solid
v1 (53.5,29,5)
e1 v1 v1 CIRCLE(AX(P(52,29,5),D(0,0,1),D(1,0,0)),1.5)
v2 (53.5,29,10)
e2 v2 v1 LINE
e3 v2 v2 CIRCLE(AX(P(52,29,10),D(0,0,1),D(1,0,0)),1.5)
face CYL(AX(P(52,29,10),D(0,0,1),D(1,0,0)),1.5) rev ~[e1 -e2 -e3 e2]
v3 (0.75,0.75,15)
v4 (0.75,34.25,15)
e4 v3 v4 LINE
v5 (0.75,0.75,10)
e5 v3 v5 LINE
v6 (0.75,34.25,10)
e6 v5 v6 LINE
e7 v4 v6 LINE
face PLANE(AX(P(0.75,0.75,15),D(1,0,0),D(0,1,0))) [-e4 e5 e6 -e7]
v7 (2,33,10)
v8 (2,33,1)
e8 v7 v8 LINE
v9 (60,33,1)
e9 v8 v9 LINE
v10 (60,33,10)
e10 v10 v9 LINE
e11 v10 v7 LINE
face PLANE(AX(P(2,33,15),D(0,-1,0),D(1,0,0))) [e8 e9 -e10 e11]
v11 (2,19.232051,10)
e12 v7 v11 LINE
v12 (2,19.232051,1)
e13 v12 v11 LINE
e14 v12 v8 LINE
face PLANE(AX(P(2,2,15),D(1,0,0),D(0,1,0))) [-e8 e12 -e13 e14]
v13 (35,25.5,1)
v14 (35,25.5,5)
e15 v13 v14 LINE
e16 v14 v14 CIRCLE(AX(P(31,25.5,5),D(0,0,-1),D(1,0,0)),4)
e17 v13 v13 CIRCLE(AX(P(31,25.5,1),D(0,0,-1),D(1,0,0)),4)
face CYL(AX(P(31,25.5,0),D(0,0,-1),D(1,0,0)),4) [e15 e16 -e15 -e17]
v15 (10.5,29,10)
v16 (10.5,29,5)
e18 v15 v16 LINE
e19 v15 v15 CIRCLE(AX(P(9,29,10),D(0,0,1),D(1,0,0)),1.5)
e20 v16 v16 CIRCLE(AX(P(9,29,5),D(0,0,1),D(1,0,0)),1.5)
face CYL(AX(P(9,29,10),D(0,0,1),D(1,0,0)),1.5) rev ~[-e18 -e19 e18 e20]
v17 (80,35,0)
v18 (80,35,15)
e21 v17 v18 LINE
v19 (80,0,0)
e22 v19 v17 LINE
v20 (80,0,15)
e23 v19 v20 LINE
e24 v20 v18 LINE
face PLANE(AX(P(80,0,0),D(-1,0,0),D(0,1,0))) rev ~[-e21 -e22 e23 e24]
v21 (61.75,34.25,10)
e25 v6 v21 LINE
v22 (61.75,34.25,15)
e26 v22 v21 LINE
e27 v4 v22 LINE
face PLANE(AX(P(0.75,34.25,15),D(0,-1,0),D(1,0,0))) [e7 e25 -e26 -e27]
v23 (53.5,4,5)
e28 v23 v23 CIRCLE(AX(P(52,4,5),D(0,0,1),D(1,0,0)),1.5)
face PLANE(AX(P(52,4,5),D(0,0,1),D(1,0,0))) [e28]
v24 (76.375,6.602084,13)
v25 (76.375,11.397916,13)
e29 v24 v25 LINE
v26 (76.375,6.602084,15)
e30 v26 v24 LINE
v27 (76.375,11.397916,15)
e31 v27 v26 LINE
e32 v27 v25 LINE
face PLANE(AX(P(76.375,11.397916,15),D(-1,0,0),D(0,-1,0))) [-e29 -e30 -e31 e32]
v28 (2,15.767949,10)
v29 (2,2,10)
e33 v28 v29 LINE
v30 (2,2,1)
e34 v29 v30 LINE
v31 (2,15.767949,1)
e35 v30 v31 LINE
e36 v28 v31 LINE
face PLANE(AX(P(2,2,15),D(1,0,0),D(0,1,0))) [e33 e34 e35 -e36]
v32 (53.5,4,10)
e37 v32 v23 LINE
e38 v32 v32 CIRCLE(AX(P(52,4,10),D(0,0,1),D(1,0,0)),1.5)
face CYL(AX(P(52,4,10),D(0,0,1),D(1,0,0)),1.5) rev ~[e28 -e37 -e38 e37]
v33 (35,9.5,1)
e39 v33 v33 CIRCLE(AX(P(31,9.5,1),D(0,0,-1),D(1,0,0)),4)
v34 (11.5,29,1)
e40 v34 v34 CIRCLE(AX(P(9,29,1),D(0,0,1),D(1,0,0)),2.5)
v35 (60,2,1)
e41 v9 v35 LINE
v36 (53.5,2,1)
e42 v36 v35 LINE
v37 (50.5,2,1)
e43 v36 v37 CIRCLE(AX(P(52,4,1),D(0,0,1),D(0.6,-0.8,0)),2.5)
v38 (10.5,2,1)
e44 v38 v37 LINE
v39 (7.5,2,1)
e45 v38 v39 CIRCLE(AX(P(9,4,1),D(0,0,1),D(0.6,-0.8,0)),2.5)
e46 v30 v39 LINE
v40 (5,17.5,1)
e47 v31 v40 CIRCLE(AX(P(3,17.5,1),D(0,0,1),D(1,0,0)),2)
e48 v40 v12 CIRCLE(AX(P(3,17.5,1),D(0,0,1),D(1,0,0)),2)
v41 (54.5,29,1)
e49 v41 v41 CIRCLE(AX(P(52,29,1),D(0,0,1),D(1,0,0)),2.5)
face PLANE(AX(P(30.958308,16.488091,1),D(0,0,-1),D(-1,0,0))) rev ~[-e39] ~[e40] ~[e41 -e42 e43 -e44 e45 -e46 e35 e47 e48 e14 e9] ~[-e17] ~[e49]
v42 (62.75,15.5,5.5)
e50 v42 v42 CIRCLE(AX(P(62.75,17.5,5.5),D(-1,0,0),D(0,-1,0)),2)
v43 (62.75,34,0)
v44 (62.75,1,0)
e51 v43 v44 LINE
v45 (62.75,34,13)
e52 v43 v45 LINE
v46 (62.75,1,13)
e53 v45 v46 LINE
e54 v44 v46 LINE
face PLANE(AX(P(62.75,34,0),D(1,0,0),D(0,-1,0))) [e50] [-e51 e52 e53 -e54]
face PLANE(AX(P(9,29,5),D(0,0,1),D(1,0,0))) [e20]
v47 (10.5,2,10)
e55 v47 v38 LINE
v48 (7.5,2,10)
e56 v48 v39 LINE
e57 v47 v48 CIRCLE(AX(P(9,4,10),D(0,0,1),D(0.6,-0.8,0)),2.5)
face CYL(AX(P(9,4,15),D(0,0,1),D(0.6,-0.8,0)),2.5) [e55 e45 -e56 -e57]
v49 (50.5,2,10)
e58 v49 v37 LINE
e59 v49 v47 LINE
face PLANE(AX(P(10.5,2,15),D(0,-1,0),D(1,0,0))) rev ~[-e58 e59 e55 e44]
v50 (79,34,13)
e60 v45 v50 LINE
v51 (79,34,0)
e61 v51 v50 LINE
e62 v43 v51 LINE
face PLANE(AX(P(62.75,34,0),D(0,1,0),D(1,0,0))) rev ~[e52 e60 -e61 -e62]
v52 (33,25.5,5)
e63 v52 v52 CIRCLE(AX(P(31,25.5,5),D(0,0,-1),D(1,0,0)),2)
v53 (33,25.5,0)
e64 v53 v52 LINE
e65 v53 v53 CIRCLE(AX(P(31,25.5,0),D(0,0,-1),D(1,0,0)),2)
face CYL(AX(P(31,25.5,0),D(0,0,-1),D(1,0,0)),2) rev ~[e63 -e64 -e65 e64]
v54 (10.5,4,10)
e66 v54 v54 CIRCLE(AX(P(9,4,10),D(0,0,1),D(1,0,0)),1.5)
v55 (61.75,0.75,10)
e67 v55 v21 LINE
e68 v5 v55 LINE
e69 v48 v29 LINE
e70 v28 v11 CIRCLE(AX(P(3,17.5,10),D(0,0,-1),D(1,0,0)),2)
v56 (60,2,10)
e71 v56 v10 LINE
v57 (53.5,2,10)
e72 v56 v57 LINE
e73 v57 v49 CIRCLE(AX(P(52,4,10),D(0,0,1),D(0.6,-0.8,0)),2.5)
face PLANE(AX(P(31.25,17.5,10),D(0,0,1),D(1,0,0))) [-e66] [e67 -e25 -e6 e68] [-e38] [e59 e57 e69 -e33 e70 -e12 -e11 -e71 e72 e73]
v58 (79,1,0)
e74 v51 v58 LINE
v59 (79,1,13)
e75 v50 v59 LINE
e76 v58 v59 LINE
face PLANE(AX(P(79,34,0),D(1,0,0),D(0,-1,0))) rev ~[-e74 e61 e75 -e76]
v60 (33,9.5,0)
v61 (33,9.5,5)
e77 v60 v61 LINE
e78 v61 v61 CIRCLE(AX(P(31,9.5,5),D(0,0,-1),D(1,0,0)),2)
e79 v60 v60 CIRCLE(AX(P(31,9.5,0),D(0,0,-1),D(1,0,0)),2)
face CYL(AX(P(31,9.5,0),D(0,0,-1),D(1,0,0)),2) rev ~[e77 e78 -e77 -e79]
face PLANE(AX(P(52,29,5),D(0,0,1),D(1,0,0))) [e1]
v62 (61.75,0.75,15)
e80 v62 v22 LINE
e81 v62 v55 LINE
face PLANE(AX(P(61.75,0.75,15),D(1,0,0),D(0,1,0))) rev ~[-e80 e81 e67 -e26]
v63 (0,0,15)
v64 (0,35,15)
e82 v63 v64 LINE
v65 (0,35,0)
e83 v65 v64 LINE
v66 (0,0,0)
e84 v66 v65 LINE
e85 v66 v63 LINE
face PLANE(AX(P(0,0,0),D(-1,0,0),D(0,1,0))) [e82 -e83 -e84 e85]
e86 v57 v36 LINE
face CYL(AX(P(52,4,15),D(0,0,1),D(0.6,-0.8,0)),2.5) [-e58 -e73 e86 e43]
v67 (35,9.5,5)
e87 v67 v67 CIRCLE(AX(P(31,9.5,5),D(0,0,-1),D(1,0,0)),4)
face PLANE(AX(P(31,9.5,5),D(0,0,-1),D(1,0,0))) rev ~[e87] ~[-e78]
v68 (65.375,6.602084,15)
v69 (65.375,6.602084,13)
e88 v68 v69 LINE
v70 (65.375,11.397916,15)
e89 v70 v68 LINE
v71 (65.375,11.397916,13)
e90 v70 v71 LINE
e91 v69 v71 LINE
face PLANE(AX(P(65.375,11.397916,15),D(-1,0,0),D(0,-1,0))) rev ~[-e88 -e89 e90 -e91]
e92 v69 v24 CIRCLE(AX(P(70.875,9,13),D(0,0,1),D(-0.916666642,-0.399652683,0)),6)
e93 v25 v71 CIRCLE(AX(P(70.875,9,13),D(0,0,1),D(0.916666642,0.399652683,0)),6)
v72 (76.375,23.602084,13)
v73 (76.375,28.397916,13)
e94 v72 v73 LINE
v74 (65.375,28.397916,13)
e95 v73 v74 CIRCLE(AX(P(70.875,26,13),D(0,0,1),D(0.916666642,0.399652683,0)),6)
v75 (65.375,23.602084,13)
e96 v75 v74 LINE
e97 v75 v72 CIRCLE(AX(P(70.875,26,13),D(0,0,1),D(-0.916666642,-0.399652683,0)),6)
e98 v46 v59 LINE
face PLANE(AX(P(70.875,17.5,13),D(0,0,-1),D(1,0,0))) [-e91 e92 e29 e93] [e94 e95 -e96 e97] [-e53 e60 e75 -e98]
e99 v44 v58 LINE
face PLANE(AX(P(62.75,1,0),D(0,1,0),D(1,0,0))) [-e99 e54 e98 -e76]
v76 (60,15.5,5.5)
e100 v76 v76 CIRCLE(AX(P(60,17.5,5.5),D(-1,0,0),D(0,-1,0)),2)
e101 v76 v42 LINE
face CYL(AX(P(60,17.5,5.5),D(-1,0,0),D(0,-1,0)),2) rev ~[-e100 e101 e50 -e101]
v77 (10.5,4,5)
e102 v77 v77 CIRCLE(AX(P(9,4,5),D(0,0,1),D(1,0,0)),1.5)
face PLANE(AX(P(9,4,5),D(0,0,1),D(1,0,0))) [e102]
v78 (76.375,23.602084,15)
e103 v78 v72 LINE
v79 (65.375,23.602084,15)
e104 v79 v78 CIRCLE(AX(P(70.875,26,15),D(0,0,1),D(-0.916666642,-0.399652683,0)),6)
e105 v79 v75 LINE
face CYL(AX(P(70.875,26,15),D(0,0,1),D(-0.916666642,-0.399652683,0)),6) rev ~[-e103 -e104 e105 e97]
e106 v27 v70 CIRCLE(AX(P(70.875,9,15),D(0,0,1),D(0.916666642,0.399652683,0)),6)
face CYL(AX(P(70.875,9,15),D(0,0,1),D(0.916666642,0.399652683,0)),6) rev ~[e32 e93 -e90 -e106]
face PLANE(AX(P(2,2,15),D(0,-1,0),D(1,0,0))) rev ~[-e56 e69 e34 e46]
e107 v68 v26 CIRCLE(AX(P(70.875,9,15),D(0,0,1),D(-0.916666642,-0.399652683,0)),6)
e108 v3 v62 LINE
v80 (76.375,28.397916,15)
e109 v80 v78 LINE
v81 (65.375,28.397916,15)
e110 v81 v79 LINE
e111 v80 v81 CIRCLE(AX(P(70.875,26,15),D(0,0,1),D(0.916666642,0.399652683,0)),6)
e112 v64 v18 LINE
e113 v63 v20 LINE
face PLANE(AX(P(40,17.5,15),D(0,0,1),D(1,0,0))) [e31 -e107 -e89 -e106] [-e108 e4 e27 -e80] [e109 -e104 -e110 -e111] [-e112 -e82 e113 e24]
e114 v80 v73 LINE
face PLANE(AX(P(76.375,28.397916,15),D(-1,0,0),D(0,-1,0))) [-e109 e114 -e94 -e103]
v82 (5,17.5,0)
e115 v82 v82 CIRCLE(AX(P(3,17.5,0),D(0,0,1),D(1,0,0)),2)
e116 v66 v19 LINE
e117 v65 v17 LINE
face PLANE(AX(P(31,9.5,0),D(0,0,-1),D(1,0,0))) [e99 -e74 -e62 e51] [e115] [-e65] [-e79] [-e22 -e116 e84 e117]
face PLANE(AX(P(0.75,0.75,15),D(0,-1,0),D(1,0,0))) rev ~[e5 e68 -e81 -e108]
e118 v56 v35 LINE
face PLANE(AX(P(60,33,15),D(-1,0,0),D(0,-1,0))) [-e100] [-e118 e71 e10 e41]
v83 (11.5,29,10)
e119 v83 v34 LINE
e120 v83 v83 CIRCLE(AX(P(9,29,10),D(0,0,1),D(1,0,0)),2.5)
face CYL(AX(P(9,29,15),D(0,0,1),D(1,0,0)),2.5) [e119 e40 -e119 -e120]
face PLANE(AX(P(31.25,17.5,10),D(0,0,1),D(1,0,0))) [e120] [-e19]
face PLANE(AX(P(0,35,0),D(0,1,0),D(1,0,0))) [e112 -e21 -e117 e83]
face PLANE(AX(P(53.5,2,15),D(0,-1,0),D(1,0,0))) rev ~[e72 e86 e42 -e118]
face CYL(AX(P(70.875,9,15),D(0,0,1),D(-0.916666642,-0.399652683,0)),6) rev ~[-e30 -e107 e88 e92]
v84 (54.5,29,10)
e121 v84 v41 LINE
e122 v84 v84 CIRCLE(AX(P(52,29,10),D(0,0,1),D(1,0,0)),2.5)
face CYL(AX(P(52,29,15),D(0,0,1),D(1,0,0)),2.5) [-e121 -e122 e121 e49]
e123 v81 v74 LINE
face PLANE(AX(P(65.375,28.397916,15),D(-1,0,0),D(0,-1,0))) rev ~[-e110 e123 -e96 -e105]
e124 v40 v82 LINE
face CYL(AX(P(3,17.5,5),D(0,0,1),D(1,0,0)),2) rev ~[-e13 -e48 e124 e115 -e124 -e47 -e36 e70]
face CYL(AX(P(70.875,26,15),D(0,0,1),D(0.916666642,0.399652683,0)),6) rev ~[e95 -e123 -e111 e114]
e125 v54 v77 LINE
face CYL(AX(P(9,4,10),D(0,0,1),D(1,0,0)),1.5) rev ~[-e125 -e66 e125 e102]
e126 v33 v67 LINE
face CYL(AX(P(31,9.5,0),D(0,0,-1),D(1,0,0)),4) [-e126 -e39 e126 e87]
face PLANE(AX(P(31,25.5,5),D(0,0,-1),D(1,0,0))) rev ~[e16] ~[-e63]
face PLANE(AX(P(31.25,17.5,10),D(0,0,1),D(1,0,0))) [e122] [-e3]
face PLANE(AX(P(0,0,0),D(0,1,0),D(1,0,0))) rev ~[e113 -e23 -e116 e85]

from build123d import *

# Parameters (mm, degrees)
SKETCH_W             = 80
SKETCH_H             = 35
PAD_DEPTH            = 15
SKETCH001_R          = 2.5
POCKET_DEPTH         = 14
SKETCH002_W          = 61
SKETCH002_H          = 33.5
POCKET001_DEPTH      = 5
SKETCH003_R          = 1.5
POCKET002_DEPTH      = 5
SKETCH004_R          = 4
PAD001_DEPTH         = 5
SKETCH005_R          = 2
POCKET003_DEPTH      = 5
SKETCH006_W          = 16.25
SKETCH006_H          = 33
POCKET004_DEPTH      = 13
POCKET005_DEPTH      = 15.001
SKETCH008_R          = 2
POCKET006_DEPTH      = 5.001
POCKET006_DEPTH_BACK = -10.001
SKETCH009_R          = 2
POCKET007_DEPTH      = 2.75


with BuildPart() as part:
    # Sketch → Pad (new body)
    with BuildSketch(Plane.XY):
        with Locations((40, 17.5)):
            Rectangle(SKETCH_W, SKETCH_H)
    extrude(amount=PAD_DEPTH)

    # Sketch001 (on Face6 of Pad) → Pocket (cut)
    with BuildSketch(Plane.XY.offset(15)):
        with BuildLine():
            Line((2, 33), (60, 33))
            Line((60, 33), (60, 2))
            Line((53.5, 2), (60, 2))
            ThreePointArc((53.5, 2), (52, 6.5), (50.5, 2))
            Line((10.5, 2), (50.5, 2))
            ThreePointArc((10.5, 2), (9, 6.5), (7.5, 2))
            Line((2, 2), (7.5, 2))
            Line((2, 2), (2, 33))
        make_face()
        with Locations((9, 29)):
            Circle(SKETCH001_R, mode=Mode.SUBTRACT)
        with Locations((52, 29)):
            Circle(SKETCH001_R, mode=Mode.SUBTRACT)
    extrude(amount=-POCKET_DEPTH, mode=Mode.SUBTRACT)

    # Sketch002 (on Face5 of Pocket) → Pocket001 (cut)
    with BuildSketch(Plane.XY.offset(15)):
        with Locations((31.25, 17.5)):
            Rectangle(SKETCH002_W, SKETCH002_H)
    extrude(amount=-POCKET001_DEPTH, mode=Mode.SUBTRACT)

    # Sketch003 (on Face24 of Pocket001) → Pocket002 (cut)
    with BuildSketch(Plane.XY.offset(10)):
        with Locations((9, 29)):
            Circle(SKETCH003_R)
        with Locations((9, 4)):
            Circle(SKETCH003_R)
        with Locations((52, 29)):
            Circle(SKETCH003_R)
        with Locations((52, 4)):
            Circle(SKETCH003_R)
    extrude(amount=-POCKET002_DEPTH, mode=Mode.SUBTRACT)

    # Sketch004 (on Face4 of Pocket002) → Pad001 (join)
    with BuildSketch(Plane(origin=(0, 0, 0), x_dir=(1, 0, 0), z_dir=(0, 0, -1))):
        with Locations((31, -9.5)):
            Circle(SKETCH004_R)
        with Locations((31, -25.5)):
            Circle(SKETCH004_R)
    extrude(amount=-PAD001_DEPTH)

    # Sketch005 (on Face4 of Pad001) → Pocket003 (cut)
    with BuildSketch(Plane(origin=(0, 0, 0), x_dir=(1, 0, 0), z_dir=(0, 0, -1))):
        with Locations((31, -9.5)):
            Circle(SKETCH005_R)
        with Locations((31, -25.5)):
            Circle(SKETCH005_R)
    extrude(amount=-POCKET003_DEPTH, mode=Mode.SUBTRACT)

    # Sketch006 (on Face4 of Pocket003) → Pocket004 (cut)
    with BuildSketch(Plane(origin=(0, 0, 0), x_dir=(1, 0, 0), z_dir=(0, 0, -1))):
        with Locations((70.875, -17.5)):
            Rectangle(SKETCH006_W, SKETCH006_H)
    extrude(amount=-POCKET004_DEPTH, mode=Mode.SUBTRACT)

    # Sketch007 (on Face5 of Pocket004) → Pocket005 (cut, through all)
    with BuildSketch(Plane.XY.offset(15)):
        with BuildLine():
            Line((65.375, 28.397916), (65.375, 23.602084))
            ThreePointArc((65.375, 23.602084), (70.875, 20), (76.375, 23.602084))
            Line((76.375, 28.397916), (76.375, 23.602084))
            ThreePointArc((76.375, 28.397916), (70.875, 32), (65.375, 28.397916))
        make_face()
        with BuildLine():
            Line((65.375, 11.397916), (65.375, 6.602084))
            ThreePointArc((65.375, 6.602084), (70.875, 3), (76.375, 6.602084))
            Line((76.375, 11.397916), (76.375, 6.602084))
            ThreePointArc((76.375, 11.397916), (70.875, 15), (65.375, 11.397916))
        make_face()
    extrude(amount=-POCKET005_DEPTH, mode=Mode.SUBTRACT)

    # Sketch008 (on Face43 of Pocket005) → Pocket006 (cut, two sides)
    with BuildSketch(Plane.XY.offset(5)) as pocket006_sk:
        with Locations((3, 17.5)):
            Circle(SKETCH008_R)
    extrude(amount=-POCKET006_DEPTH, mode=Mode.SUBTRACT)
    extrude(pocket006_sk.sketch, amount=-POCKET006_DEPTH_BACK, mode=Mode.SUBTRACT)

    # Sketch009 (on Face37 of Pocket006) → Pocket007 (cut)
    with BuildSketch(Plane(origin=(60, 0, 0), x_dir=(0, -1, 0), z_dir=(-1, 0, 0))):
        with Locations((-17.5, 5.5)):
            Circle(SKETCH009_R)
    extrude(amount=-POCKET007_DEPTH, mode=Mode.SUBTRACT)


solid = part.part
